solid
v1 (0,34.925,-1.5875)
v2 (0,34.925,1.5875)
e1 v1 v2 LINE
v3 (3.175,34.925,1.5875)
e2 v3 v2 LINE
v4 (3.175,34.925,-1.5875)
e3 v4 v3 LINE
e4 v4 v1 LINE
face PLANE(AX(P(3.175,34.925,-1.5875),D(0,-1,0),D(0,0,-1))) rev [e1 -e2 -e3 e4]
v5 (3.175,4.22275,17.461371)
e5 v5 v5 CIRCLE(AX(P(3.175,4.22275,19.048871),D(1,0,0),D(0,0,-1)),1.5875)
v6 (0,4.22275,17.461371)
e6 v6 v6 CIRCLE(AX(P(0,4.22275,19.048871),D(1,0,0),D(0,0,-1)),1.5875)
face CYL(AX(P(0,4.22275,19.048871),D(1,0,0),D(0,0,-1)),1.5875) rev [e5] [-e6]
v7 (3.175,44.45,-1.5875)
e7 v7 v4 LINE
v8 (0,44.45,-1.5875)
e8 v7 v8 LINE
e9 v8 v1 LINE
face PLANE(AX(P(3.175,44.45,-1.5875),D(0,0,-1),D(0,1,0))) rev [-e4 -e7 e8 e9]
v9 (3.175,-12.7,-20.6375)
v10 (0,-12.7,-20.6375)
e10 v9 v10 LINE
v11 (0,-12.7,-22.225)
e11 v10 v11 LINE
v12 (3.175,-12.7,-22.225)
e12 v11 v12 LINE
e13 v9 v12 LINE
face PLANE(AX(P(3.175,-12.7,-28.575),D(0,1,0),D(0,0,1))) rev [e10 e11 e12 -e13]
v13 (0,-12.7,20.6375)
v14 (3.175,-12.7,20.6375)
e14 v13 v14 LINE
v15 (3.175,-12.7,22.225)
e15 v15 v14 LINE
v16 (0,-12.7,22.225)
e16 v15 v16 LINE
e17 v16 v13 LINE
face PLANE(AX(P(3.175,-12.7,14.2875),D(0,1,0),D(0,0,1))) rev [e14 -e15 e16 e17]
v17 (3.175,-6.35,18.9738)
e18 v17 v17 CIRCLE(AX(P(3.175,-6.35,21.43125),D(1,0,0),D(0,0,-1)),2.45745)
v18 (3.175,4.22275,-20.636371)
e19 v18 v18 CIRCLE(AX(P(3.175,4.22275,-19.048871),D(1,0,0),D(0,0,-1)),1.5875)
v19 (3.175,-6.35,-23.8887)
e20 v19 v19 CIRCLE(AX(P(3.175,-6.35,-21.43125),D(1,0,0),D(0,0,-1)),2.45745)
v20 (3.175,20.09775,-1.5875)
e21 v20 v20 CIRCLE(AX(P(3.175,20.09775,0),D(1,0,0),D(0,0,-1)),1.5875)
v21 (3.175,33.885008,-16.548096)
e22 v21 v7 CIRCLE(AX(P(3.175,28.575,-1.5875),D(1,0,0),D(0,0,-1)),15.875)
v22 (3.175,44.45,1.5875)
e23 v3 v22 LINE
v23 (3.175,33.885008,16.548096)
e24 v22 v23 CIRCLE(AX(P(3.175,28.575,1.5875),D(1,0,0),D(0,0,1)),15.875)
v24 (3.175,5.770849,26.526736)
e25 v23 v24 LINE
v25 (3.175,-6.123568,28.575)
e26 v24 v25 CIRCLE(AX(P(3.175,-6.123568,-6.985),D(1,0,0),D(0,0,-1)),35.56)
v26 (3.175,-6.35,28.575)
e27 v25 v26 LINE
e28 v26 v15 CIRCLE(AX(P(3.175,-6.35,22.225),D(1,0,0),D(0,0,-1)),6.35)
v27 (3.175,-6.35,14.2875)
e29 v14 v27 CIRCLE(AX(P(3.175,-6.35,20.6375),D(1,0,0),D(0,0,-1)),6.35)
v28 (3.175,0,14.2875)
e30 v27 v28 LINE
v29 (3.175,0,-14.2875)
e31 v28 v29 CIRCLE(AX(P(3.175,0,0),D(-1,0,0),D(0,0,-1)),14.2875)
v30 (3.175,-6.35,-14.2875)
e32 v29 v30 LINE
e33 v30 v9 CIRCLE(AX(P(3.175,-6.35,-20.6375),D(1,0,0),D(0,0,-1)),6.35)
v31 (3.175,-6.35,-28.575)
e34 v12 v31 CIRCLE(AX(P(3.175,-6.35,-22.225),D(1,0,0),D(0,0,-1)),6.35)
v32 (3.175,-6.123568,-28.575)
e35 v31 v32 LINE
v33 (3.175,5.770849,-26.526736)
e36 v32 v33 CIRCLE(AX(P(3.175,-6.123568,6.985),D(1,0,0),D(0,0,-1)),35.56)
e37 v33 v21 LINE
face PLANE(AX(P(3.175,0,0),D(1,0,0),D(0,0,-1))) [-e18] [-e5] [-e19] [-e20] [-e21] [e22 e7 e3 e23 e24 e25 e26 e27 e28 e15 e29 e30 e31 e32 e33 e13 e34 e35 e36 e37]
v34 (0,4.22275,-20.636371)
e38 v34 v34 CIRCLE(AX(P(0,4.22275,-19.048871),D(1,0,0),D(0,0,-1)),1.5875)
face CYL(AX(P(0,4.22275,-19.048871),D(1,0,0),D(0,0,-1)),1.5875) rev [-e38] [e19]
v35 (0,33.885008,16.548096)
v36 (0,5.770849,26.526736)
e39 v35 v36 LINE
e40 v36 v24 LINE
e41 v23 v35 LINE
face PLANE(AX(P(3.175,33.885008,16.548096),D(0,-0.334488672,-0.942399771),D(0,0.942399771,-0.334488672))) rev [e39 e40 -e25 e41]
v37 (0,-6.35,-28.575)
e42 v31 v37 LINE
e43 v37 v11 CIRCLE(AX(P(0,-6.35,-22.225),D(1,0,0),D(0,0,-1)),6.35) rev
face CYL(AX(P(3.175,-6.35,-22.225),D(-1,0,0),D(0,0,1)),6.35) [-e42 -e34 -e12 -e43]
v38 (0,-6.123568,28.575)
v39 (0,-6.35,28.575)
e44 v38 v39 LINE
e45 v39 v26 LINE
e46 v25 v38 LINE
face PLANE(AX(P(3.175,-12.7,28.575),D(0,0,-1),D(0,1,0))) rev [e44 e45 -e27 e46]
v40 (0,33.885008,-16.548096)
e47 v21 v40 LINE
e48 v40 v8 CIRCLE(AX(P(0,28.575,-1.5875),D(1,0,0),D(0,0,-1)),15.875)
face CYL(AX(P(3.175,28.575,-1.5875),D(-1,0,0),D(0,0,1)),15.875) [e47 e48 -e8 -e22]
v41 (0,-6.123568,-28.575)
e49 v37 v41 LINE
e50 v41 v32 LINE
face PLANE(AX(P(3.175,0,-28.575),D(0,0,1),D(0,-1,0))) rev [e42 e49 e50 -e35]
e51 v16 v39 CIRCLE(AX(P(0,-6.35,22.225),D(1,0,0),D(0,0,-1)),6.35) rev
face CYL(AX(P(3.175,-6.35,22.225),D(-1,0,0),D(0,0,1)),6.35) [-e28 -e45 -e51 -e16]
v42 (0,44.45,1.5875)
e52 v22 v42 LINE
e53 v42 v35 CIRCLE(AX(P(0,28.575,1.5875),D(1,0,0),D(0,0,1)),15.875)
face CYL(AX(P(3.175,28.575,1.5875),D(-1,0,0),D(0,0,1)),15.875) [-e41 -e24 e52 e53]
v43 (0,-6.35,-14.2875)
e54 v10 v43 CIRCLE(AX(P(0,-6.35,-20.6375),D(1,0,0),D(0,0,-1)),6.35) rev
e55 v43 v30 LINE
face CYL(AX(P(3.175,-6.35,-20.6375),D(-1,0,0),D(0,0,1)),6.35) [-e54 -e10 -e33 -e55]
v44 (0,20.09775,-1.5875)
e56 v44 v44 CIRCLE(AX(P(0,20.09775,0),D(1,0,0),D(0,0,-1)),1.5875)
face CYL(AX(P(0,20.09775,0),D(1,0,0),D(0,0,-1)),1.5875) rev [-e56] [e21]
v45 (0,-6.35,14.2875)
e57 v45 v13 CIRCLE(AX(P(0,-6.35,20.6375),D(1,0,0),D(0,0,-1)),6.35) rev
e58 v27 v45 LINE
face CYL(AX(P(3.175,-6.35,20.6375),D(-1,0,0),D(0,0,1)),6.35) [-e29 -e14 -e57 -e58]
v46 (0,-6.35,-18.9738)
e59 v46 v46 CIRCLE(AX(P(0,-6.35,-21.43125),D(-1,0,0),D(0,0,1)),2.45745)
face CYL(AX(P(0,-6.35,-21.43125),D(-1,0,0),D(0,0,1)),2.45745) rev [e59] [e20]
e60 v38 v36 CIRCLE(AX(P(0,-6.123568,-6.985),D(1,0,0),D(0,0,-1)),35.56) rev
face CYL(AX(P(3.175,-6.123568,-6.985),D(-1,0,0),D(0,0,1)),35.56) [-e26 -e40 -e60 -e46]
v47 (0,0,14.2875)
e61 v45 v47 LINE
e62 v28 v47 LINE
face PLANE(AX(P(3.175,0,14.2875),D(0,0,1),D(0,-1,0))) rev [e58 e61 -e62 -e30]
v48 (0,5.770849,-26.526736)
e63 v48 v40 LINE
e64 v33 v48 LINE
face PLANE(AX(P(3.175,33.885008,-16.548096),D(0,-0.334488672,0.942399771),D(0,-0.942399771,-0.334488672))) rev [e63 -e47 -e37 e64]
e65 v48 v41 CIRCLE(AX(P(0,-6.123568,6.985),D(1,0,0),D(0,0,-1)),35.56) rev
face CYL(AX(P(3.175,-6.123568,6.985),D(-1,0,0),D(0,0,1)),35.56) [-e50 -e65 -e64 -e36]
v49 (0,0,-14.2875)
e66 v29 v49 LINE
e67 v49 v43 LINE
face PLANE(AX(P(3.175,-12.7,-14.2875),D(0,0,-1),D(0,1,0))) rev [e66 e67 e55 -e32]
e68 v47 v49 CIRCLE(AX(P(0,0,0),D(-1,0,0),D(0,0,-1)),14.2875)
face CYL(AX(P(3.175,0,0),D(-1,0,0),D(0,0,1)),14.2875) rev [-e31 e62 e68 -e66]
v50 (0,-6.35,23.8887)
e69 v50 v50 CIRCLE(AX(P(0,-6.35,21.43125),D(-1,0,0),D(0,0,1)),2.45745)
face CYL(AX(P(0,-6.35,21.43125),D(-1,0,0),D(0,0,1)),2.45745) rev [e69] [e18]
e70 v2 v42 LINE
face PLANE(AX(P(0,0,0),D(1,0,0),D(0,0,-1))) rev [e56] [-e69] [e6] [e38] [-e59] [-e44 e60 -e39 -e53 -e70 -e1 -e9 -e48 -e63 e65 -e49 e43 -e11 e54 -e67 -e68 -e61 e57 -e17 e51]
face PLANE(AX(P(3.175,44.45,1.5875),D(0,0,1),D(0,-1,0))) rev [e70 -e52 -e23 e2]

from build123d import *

# Parameters (mm, degrees)
BOSS_EXTRUDE1_DEPTH              = 3.175
F_10_0_1935_DIAMETER_HOLE1_D     = 4.9149
F_10_0_1935_DIAMETER_HOLE1_DEPTH = 19.001994
F_10_0_1935_DIAMETER_HOLE1_TIP   = 1.476584928
SKETCH4_R                        = 1.5875
CUT_EXTRUDE1_DEPTH               = 53.937829102
FILLET2_R                        = 35.56
FILLET1_R                        = 6.35


with BuildPart() as part:
    # Sketch1 → Boss-Extrude1 (new body)
    with BuildSketch(Plane(origin=(0, 0, 0), x_dir=(0, 0, -1), z_dir=(1, 0, 0))):
        with BuildLine():
            Line((1.5875, 44.45), (1.5875, 34.925))
            Line((1.5875, 34.925), (-1.5875, 34.925))
            Line((-1.5875, 34.925), (-1.5875, 44.45))
            ThreePointArc((-1.5875, 44.45), (-10.74499019, 41.54249777), (-16.548096362, 33.885007675))
            Line((-16.548096362, 33.885007675), (-28.575, 0))
            Line((-28.575, 0), (-28.575, -12.7))
            Line((-28.575, -12.7), (-14.2875, -12.7))
            Line((-14.2875, -12.7), (-14.2875, 0))
            ThreePointArc((-14.2875, 0), (0, 14.2875), (14.2875, 0))
            Line((14.2875, 0), (14.2875, -12.7))
            Line((14.2875, -12.7), (28.575, -12.7))
            Line((28.575, -12.7), (28.575, 0))
            Line((28.575, 0), (16.548096362, 33.885007675))
            ThreePointArc((16.548096362, 33.885007675), (10.74499019, 41.54249777), (1.5875, 44.45))
        make_face()
    extrude(amount=BOSS_EXTRUDE1_DEPTH)

    # #10 (0.1935) Diameter Hole1
    with Locations(Plane.ZY):
        with Locations((-21.43125, -6.35), (21.43125, -6.35)):
            Hole(F_10_0_1935_DIAMETER_HOLE1_D / 2, depth=F_10_0_1935_DIAMETER_HOLE1_DEPTH)
            with Locations((0, 0, -(F_10_0_1935_DIAMETER_HOLE1_DEPTH + F_10_0_1935_DIAMETER_HOLE1_TIP / 2))):  # 118° drill point
                Cone(0, F_10_0_1935_DIAMETER_HOLE1_D / 2, F_10_0_1935_DIAMETER_HOLE1_TIP, mode=Mode.SUBTRACT)

    # Sketch4 → Cut-Extrude1 (cut, through all)
    with BuildSketch(Plane(origin=(3.175, 0, 0), x_dir=(0, 0, -1), z_dir=(1, 0, 0))):
        with Locations((0, 20.09775)):
            Circle(SKETCH4_R)
        with Locations((-19.048871022, 4.22275)):
            Circle(SKETCH4_R)
        with Locations((19.048871022, 4.22275)):
            Circle(SKETCH4_R)
    extrude(amount=-CUT_EXTRUDE1_DEPTH, mode=Mode.SUBTRACT)

    # Fillet2
    fillet2_edges = [part.edges().sort_by_distance(p)[0] for p in [
        (1.5875, 0, 28.575),
        (1.5875, 0, -28.575),
    ]]
    fillet(fillet2_edges, radius=FILLET2_R)

    # Fillet1
    fillet1_edges = [part.edges().sort_by_distance(p)[0] for p in [
        (1.5875, -12.7, 14.2875),
        (1.5875, -12.7, 28.575),
        (1.5875, -12.7, -28.575),
        (1.5875, -12.7, -14.2875),
    ]]
    fillet(fillet1_edges, radius=FILLET1_R)


solid = part.part
